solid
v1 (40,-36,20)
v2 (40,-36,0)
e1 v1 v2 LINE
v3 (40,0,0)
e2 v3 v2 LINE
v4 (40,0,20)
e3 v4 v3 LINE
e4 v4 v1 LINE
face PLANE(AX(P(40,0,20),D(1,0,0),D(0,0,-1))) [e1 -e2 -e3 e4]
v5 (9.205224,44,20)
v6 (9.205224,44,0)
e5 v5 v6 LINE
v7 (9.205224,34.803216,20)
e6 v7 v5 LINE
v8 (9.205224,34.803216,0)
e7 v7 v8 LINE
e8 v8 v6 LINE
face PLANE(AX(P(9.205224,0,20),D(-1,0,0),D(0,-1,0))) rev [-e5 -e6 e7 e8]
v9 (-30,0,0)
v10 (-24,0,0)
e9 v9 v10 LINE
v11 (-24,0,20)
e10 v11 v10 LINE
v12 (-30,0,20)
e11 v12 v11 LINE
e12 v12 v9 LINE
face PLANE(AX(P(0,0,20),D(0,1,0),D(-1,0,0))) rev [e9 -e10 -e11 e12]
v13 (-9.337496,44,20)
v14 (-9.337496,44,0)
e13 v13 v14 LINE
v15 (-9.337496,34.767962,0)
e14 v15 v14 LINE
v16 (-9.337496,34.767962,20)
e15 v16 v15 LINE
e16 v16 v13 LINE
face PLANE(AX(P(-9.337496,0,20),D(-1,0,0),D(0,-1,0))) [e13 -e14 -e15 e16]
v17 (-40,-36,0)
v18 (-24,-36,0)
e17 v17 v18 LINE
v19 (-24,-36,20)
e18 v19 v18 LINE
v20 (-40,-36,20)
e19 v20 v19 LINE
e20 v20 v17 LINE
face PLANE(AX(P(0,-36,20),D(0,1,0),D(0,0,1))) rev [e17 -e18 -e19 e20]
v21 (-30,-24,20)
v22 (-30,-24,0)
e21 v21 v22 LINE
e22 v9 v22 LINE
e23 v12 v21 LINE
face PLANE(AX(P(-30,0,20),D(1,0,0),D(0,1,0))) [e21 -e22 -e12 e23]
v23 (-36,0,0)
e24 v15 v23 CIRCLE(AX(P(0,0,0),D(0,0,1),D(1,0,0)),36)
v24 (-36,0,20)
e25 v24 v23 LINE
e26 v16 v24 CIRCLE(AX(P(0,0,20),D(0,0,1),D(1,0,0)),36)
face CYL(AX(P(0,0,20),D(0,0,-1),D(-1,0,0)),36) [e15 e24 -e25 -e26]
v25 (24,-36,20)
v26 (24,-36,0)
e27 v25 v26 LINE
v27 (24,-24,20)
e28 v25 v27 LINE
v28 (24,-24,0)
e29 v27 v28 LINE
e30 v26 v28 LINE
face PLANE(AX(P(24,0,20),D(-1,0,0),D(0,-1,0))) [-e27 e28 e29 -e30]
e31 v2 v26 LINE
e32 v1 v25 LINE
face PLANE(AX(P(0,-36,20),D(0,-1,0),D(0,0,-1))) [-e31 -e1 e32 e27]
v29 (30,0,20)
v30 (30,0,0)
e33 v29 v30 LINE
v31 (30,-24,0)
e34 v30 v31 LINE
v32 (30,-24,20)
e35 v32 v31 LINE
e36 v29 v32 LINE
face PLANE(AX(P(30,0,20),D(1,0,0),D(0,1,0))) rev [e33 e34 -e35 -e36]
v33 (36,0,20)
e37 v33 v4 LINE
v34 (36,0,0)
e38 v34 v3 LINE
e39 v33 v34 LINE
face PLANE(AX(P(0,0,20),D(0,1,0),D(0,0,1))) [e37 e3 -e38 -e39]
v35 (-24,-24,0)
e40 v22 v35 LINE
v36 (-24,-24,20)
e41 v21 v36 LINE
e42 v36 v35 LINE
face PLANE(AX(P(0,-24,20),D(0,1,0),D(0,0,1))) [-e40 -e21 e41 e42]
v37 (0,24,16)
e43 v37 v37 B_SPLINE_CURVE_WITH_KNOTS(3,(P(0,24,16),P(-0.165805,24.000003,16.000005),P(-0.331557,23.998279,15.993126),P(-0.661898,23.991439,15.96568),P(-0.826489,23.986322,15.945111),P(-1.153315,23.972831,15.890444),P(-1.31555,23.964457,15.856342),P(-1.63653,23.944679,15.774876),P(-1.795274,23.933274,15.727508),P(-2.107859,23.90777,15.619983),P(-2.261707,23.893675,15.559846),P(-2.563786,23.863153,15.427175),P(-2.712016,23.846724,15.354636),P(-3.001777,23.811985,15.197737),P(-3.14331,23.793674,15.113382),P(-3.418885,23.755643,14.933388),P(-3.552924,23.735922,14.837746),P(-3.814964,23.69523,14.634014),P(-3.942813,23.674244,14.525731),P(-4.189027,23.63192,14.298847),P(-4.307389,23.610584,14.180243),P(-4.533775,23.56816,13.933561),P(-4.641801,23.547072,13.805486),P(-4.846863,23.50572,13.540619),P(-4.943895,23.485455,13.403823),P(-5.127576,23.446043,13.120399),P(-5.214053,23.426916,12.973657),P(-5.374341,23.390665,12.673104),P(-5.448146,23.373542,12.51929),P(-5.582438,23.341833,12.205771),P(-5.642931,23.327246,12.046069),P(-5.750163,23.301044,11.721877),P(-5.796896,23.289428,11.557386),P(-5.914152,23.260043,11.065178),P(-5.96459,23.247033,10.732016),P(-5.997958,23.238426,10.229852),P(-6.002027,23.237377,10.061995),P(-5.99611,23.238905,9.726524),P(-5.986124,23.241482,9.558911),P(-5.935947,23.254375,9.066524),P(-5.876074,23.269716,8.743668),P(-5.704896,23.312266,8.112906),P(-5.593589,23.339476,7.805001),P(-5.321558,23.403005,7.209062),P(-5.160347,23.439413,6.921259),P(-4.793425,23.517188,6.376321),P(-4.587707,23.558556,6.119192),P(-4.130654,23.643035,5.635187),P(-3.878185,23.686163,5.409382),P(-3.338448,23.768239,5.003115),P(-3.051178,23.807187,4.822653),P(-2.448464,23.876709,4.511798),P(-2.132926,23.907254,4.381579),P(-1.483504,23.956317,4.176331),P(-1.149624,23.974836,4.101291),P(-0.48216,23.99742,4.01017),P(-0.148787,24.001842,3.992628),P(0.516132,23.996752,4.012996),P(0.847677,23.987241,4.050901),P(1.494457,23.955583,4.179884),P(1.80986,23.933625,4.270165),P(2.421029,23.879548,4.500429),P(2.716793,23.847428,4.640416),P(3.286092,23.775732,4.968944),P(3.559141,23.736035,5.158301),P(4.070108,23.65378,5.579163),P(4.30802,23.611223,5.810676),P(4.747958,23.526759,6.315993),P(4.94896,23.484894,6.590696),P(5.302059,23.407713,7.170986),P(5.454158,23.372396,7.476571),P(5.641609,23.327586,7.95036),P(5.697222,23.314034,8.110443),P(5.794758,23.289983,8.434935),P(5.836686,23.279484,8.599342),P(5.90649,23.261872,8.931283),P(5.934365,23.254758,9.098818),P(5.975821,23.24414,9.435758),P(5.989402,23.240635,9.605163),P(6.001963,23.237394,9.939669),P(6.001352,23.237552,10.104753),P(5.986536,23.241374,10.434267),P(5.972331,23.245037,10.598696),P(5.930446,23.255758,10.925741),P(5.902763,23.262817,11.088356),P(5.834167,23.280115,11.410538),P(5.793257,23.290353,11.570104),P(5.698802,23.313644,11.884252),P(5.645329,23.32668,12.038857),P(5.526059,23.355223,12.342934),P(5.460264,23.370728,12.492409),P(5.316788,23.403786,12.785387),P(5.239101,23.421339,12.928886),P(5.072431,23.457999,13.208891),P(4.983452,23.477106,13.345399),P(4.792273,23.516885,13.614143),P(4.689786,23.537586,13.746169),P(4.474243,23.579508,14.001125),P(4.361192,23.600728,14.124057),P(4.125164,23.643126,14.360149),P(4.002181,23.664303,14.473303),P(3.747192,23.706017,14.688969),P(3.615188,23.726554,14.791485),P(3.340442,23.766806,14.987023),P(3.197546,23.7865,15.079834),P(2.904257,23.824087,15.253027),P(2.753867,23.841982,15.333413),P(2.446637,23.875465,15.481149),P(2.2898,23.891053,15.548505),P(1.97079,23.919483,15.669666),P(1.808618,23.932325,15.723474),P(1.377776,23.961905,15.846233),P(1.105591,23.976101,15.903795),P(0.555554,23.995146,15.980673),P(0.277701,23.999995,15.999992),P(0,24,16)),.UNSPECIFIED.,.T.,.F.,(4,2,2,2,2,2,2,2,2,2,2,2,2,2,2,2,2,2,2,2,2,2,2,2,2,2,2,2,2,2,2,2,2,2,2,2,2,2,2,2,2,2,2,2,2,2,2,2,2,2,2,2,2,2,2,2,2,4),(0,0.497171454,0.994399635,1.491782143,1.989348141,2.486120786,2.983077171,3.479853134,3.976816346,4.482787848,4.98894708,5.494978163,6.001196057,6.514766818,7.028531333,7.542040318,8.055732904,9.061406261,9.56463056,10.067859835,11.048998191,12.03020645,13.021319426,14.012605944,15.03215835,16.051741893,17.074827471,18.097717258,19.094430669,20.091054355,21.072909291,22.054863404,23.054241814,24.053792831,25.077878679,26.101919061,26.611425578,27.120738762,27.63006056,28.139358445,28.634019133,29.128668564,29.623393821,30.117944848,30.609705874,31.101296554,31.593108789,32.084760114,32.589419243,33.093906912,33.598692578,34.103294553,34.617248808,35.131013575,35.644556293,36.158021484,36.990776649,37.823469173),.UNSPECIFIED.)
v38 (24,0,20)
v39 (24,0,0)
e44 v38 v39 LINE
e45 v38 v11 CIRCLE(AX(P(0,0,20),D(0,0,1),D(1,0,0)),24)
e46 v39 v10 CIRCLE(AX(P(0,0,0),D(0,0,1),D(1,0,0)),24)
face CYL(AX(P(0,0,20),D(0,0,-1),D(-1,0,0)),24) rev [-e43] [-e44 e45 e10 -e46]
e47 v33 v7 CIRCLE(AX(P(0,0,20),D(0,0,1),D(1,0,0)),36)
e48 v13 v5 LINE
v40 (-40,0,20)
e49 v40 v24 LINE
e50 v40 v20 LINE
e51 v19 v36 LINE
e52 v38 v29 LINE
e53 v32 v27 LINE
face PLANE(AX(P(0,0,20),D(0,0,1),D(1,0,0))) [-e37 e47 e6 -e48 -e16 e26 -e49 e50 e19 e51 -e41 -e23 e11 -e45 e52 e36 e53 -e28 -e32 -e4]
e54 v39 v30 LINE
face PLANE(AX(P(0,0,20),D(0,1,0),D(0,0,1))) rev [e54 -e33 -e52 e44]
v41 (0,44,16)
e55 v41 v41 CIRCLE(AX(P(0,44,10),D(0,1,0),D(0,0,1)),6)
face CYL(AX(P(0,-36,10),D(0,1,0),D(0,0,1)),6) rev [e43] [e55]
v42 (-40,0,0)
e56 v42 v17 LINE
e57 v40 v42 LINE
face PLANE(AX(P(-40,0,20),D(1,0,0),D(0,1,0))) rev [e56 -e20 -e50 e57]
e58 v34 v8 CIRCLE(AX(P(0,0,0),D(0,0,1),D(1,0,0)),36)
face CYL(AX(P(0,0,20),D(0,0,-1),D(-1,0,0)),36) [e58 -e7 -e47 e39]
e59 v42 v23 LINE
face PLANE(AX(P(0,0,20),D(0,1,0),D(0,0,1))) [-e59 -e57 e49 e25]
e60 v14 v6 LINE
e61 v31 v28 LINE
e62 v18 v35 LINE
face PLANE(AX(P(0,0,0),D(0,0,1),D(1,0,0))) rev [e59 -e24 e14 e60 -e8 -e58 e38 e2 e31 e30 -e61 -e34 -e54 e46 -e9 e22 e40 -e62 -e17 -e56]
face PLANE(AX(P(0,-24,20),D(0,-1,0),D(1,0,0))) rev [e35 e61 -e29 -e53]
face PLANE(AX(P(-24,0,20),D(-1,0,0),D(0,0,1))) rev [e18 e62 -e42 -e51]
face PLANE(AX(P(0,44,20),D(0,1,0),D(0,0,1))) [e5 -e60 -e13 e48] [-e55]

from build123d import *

# Parameters (mm, degrees)
Y_KSEKLIK_EKSTR_ZYON1_DEPTH = 20
IZIM2_R                     = 6
KES_EKSTR_ZYON1_DEPTH       = 92.651513899


with BuildPart() as part:
    # Çizim1 → Yükseklik-Ekstrüzyon1 (new body)
    with BuildSketch(Plane.XY):
        with BuildLine():
            Line((-30, -24), (-30, 0))
            Line((-30, 0), (-24, 0))
            ThreePointArc((-24, 0), (0, 24), (24, 0))
            Line((24, 0), (30, 0))
            Line((30, 0), (30, -24))
            Line((30, -24), (24, -24))
            Line((24, -24), (24, -36))
            Line((24, -36), (33, -36))
            Line((33, -36), (40, -36))
            Line((40, -36), (40, -11.038880633))
            Line((40, -11.038880633), (40, 0))
            Line((40, 0), (36, 0))
            ThreePointArc((36, 0), (28.525322537, 21.961465665), (9.205223658, 34.803216193))
            Line((9.205223658, 34.803216193), (9.205223658, 44))
            Line((9.205223658, 44), (-9.33749561, 44))
            Line((-9.33749561, 44), (-9.33749561, 34.767961915))
            ThreePointArc((-9.33749561, 34.767961915), (-28.567025064, 21.907192404), (-36, 0))
            Line((-36, 0), (-40, 0))
            Line((-40, 0), (-40, -11.038880633))
            Line((-40, -11.038880633), (-40, -36))
            Line((-40, -36), (-33.54247299, -36))
            Line((-33.54247299, -36), (-24, -36))
            Line((-24, -36), (-24, -24))
            Line((-24, -24), (-30, -24))
        make_face()
    extrude(amount=Y_KSEKLIK_EKSTR_ZYON1_DEPTH)

    # Çizim2 → Kes-Ekstrüzyon1 (cut, through all)
    with BuildSketch(Plane(origin=(0, 44, 0), x_dir=(1, 0, 0), z_dir=(0, 1, 0))):
        with Locations(Location((0, -10, 0), (0, 0, 270))):
            Circle(IZIM2_R)
    extrude(amount=-KES_EKSTR_ZYON1_DEPTH, mode=Mode.SUBTRACT)


solid = part.part
